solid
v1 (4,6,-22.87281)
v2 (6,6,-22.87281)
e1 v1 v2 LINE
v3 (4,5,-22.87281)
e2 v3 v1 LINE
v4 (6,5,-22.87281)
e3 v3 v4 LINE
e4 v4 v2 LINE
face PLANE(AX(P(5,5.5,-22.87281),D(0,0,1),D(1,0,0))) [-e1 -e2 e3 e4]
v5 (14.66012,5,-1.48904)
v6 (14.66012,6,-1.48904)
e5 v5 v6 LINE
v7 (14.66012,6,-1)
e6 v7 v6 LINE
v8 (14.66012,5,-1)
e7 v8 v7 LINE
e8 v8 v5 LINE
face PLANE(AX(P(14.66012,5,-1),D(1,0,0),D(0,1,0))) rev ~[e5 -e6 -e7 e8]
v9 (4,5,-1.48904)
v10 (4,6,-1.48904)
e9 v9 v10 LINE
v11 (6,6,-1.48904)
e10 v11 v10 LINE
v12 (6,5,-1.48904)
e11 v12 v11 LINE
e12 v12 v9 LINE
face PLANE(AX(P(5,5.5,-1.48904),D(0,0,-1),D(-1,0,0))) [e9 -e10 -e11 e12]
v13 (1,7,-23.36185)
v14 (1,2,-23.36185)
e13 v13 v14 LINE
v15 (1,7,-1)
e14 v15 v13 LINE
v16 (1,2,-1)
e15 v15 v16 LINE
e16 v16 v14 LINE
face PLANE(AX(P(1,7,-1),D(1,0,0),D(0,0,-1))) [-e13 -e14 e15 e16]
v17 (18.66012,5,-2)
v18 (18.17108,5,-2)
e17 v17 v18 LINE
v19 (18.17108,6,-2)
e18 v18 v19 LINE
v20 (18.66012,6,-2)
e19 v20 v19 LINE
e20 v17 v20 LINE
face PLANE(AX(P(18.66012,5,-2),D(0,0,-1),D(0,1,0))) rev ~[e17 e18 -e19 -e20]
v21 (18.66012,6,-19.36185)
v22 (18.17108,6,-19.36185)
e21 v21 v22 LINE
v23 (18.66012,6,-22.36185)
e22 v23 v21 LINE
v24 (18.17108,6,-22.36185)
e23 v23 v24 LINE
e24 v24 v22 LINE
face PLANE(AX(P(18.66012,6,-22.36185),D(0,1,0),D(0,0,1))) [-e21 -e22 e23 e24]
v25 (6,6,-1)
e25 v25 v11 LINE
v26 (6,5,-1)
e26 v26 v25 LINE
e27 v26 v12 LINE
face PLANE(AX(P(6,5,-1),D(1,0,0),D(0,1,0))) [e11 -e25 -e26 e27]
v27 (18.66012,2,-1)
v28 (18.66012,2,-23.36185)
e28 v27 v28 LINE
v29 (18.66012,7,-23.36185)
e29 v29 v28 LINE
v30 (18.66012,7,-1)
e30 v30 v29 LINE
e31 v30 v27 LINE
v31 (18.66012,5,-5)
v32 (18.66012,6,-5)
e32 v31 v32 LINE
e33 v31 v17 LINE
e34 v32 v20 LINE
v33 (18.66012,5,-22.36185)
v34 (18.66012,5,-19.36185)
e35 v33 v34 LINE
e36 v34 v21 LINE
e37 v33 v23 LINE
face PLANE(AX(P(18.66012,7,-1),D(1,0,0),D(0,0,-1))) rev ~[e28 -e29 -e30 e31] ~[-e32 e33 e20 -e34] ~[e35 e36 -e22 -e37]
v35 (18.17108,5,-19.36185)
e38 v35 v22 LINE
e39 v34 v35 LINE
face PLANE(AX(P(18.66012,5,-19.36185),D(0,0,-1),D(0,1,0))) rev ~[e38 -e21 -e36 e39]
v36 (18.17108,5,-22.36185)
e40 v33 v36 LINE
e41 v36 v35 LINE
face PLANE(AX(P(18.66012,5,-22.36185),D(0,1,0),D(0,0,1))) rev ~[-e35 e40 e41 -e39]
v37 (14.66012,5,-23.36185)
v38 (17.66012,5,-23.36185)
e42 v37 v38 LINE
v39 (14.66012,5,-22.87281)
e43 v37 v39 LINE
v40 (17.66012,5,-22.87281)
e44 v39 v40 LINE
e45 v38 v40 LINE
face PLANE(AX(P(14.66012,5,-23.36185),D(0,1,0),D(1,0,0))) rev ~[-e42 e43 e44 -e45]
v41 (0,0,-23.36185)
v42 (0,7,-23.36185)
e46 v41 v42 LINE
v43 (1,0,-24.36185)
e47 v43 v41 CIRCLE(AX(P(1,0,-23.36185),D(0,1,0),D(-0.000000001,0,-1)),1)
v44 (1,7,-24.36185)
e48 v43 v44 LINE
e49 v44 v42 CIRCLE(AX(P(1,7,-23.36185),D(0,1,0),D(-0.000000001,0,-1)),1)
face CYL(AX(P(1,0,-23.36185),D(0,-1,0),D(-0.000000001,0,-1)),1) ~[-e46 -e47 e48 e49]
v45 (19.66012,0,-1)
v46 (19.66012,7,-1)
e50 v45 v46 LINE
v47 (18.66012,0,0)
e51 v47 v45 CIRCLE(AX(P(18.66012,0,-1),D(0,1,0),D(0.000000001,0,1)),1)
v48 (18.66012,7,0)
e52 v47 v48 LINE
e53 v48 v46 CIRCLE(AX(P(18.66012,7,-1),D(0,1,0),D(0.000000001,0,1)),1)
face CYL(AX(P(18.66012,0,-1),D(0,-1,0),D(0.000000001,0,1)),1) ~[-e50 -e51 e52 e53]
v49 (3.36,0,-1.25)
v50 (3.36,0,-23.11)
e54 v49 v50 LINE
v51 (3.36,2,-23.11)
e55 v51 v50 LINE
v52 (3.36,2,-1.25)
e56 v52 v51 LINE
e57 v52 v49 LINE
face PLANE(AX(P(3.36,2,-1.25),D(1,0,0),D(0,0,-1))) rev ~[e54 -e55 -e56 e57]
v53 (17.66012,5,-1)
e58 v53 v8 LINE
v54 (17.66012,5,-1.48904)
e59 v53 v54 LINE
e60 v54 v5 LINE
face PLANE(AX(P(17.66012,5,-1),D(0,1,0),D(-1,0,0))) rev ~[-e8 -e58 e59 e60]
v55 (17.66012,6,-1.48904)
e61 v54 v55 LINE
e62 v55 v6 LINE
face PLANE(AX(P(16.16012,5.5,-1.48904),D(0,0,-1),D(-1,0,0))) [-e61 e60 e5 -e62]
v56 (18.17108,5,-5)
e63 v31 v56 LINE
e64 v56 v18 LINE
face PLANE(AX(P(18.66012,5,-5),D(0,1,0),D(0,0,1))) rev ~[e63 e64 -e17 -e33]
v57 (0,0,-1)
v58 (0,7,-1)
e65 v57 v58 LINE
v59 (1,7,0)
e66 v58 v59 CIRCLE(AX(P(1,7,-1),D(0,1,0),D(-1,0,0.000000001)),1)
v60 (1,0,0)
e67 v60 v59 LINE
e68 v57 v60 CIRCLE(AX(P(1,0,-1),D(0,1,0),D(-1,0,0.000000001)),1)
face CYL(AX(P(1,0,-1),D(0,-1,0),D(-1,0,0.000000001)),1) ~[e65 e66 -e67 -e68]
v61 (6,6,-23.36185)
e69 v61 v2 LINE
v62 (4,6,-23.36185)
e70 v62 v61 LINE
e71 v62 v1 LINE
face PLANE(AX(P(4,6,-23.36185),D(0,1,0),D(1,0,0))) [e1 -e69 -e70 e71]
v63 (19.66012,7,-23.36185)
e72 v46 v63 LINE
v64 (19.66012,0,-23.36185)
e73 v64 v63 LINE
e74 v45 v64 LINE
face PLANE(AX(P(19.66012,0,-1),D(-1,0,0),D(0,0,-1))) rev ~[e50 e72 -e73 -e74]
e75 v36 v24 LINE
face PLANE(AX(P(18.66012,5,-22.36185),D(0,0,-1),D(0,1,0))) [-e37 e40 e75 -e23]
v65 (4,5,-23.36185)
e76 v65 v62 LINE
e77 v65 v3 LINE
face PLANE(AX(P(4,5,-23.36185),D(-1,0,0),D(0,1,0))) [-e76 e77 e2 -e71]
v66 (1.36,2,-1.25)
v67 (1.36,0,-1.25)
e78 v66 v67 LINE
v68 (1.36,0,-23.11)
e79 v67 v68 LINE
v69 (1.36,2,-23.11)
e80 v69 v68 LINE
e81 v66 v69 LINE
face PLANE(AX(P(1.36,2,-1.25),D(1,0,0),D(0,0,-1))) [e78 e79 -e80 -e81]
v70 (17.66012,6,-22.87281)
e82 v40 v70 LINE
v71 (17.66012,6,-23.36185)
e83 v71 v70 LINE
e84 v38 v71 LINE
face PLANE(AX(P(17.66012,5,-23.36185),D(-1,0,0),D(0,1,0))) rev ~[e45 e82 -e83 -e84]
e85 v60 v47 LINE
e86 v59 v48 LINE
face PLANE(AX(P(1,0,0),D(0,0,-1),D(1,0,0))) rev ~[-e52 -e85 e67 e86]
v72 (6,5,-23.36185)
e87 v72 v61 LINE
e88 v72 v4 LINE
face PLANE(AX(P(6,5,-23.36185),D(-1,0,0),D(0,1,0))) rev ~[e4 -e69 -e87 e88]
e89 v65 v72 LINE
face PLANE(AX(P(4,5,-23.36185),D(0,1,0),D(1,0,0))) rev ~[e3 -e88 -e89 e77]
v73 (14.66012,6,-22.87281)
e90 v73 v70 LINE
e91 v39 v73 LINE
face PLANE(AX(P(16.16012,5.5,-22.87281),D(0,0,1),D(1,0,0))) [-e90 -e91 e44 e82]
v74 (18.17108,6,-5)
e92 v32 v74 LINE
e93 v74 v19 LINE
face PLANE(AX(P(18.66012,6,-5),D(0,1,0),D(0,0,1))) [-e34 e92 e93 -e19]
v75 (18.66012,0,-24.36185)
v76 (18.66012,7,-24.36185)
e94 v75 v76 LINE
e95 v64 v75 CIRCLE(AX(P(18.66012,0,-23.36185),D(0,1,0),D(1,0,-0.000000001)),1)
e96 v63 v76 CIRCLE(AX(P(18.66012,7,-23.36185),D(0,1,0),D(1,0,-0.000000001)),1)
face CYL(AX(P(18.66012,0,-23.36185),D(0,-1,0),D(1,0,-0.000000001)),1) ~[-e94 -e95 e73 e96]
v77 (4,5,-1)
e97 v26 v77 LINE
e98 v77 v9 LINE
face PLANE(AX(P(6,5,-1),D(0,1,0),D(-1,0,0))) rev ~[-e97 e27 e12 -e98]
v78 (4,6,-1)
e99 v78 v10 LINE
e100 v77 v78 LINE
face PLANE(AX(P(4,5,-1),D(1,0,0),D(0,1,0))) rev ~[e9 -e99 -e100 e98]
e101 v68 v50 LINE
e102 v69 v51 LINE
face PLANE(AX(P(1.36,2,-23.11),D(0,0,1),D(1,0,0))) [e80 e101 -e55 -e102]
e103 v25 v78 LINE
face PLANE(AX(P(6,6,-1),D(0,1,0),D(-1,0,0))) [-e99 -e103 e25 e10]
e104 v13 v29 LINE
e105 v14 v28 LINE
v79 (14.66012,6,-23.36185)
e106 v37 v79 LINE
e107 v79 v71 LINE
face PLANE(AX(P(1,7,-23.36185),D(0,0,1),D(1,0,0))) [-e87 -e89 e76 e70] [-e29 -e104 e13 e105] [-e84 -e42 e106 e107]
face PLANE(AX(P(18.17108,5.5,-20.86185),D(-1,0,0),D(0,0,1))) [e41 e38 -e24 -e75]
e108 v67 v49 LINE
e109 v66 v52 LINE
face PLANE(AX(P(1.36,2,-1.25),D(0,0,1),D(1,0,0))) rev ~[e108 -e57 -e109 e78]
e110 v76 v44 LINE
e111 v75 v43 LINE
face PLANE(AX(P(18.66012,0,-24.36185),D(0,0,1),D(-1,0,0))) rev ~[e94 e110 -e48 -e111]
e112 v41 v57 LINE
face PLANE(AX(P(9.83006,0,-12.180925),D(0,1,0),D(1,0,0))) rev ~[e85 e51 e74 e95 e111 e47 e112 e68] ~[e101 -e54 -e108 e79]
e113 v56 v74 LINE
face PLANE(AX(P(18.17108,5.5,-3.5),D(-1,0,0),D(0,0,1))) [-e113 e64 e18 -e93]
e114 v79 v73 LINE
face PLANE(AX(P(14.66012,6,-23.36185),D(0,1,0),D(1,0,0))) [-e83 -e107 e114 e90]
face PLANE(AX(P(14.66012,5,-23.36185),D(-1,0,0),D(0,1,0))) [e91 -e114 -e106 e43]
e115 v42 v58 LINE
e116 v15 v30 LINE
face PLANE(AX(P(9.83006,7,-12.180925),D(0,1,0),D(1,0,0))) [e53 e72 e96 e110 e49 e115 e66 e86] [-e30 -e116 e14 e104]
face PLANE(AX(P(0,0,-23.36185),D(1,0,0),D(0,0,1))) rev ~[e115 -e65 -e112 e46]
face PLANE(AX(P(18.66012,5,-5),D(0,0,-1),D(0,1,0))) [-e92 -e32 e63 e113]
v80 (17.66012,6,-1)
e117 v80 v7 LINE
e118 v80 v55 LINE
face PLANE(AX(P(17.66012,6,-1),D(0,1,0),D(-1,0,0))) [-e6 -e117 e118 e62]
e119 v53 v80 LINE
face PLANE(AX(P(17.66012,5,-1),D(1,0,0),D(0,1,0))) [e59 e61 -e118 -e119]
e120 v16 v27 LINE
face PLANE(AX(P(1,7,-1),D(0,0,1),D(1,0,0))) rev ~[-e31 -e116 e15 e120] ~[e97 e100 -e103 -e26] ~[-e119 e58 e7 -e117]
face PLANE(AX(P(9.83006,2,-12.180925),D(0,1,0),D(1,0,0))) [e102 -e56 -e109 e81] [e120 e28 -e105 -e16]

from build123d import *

# Parameters (mm, degrees)
BOSS_EXTRU_1_DEPTH      = 7
ESQUISSE2_W             = 17.66012
ESQUISSE2_H             = 22.36185
ENL_V_MAT_EXTRU_1_DEPTH = 5
ESQUISSE5_W             = 2
ESQUISSE5_H             = 21.86
ENL_V_MAT_EXTRU_3_DEPTH = 32.702051256
ESQUISSE6_W             = 3
ESQUISSE6_H             = 1
BOSS_EXTRU_2_DEPTH      = 0.48904
ESQUISSE7_W             = 3
ESQUISSE7_H             = 1
BOSS_EXTRU_3_DEPTH      = 0.48904
ESQUISSE8_W             = 3
ESQUISSE8_H             = 1
BOSS_EXTRU_4_DEPTH      = 0.48904
ESQUISSE9_W             = 3
ESQUISSE9_H             = 1
BOSS_EXTRU_5_DEPTH      = 0.48904
ESQUISSE10_W            = 2
ESQUISSE10_H            = 1
BOSS_EXTRU_6_DEPTH      = 0.48904
ESQUISSE11_W            = 2
ESQUISSE11_H            = 1
BOSS_EXTRU_7_DEPTH      = 0.48904


with BuildPart() as part:
    # Esquisse1 → Boss.-Extru.1 (new body)
    with BuildSketch(Plane(origin=(0, 0, 0), x_dir=(1, 0, 0), z_dir=(0, 1, 0))):
        with BuildLine():
            Line((1, 0), (18.66012, 0))
            ThreePointArc((18.66012, 0), (19.367226781, 0.292893219), (19.66012, 1))
            Line((19.66012, 1), (19.66012, 23.36185))
            ThreePointArc((19.66012, 23.36185), (19.367226781, 24.068956781), (18.66012, 24.36185))
            Line((18.66012, 24.36185), (1, 24.36185))
            ThreePointArc((1, 24.36185), (0.292893219, 24.068956781), (0, 23.36185))
            Line((0, 23.36185), (0, 1))
            ThreePointArc((0, 1), (0.292893219, 0.292893219), (1, 0))
        make_face()
    extrude(amount=BOSS_EXTRU_1_DEPTH)

    # Esquisse2 → Enlèv. mat.-Extru.1 (cut)
    with BuildSketch(Plane(origin=(0, 7, 0), x_dir=(1, 0, 0), z_dir=(0, 1, 0))):
        with Locations((9.83006, 12.180925)):
            Rectangle(ESQUISSE2_W, ESQUISSE2_H)
    extrude(amount=-ENL_V_MAT_EXTRU_1_DEPTH, mode=Mode.SUBTRACT)

    # Esquisse5 → Enlèv. mat.-Extru.3 (cut, through all)
    with BuildSketch(Plane(origin=(0, 2, 0), x_dir=(1, 0, 0), z_dir=(0, 1, 0))):
        with Locations((2.36, 12.18)):
            Rectangle(ESQUISSE5_W, ESQUISSE5_H)
    extrude(amount=-ENL_V_MAT_EXTRU_3_DEPTH, mode=Mode.SUBTRACT)

    # Esquisse6 → Boss.-Extru.2 (add)
    with BuildSketch(Plane.XY.offset(-23.36185)):
        with Locations((16.16012, 5.5)):
            Rectangle(ESQUISSE6_W, ESQUISSE6_H)
    extrude(amount=BOSS_EXTRU_2_DEPTH)

    # Esquisse7 → Boss.-Extru.3 (add)
    with BuildSketch(Plane.ZY.offset(-18.66012)):
        with Locations((-20.86185, 5.5)):
            Rectangle(ESQUISSE7_W, ESQUISSE7_H)
    extrude(amount=BOSS_EXTRU_3_DEPTH)

    # Esquisse8 → Boss.-Extru.4 (add)
    with BuildSketch(Plane(origin=(0, 0, -1), x_dir=(-1, 0, 0), z_dir=(0, 0, -1))):
        with Locations((-16.16012, 5.5)):
            Rectangle(ESQUISSE8_W, ESQUISSE8_H)
    extrude(amount=BOSS_EXTRU_4_DEPTH)

    # Esquisse9 → Boss.-Extru.5 (add)
    with BuildSketch(Plane.ZY.offset(-18.66012)):
        with Locations((-3.5, 5.5)):
            Rectangle(ESQUISSE9_W, ESQUISSE9_H)
    extrude(amount=BOSS_EXTRU_5_DEPTH)

    # Esquisse10 → Boss.-Extru.6 (add)
    with BuildSketch(Plane.XY.offset(-23.36185)):
        with Locations((5, 5.5)):
            Rectangle(ESQUISSE10_W, ESQUISSE10_H)
    extrude(amount=BOSS_EXTRU_6_DEPTH)

    # Esquisse11 → Boss.-Extru.7 (add)
    with BuildSketch(Plane(origin=(0, 0, -1), x_dir=(-1, 0, 0), z_dir=(0, 0, -1))):
        with Locations((-5, 5.5)):
            Rectangle(ESQUISSE11_W, ESQUISSE11_H)
    extrude(amount=BOSS_EXTRU_7_DEPTH)


solid = part.part
